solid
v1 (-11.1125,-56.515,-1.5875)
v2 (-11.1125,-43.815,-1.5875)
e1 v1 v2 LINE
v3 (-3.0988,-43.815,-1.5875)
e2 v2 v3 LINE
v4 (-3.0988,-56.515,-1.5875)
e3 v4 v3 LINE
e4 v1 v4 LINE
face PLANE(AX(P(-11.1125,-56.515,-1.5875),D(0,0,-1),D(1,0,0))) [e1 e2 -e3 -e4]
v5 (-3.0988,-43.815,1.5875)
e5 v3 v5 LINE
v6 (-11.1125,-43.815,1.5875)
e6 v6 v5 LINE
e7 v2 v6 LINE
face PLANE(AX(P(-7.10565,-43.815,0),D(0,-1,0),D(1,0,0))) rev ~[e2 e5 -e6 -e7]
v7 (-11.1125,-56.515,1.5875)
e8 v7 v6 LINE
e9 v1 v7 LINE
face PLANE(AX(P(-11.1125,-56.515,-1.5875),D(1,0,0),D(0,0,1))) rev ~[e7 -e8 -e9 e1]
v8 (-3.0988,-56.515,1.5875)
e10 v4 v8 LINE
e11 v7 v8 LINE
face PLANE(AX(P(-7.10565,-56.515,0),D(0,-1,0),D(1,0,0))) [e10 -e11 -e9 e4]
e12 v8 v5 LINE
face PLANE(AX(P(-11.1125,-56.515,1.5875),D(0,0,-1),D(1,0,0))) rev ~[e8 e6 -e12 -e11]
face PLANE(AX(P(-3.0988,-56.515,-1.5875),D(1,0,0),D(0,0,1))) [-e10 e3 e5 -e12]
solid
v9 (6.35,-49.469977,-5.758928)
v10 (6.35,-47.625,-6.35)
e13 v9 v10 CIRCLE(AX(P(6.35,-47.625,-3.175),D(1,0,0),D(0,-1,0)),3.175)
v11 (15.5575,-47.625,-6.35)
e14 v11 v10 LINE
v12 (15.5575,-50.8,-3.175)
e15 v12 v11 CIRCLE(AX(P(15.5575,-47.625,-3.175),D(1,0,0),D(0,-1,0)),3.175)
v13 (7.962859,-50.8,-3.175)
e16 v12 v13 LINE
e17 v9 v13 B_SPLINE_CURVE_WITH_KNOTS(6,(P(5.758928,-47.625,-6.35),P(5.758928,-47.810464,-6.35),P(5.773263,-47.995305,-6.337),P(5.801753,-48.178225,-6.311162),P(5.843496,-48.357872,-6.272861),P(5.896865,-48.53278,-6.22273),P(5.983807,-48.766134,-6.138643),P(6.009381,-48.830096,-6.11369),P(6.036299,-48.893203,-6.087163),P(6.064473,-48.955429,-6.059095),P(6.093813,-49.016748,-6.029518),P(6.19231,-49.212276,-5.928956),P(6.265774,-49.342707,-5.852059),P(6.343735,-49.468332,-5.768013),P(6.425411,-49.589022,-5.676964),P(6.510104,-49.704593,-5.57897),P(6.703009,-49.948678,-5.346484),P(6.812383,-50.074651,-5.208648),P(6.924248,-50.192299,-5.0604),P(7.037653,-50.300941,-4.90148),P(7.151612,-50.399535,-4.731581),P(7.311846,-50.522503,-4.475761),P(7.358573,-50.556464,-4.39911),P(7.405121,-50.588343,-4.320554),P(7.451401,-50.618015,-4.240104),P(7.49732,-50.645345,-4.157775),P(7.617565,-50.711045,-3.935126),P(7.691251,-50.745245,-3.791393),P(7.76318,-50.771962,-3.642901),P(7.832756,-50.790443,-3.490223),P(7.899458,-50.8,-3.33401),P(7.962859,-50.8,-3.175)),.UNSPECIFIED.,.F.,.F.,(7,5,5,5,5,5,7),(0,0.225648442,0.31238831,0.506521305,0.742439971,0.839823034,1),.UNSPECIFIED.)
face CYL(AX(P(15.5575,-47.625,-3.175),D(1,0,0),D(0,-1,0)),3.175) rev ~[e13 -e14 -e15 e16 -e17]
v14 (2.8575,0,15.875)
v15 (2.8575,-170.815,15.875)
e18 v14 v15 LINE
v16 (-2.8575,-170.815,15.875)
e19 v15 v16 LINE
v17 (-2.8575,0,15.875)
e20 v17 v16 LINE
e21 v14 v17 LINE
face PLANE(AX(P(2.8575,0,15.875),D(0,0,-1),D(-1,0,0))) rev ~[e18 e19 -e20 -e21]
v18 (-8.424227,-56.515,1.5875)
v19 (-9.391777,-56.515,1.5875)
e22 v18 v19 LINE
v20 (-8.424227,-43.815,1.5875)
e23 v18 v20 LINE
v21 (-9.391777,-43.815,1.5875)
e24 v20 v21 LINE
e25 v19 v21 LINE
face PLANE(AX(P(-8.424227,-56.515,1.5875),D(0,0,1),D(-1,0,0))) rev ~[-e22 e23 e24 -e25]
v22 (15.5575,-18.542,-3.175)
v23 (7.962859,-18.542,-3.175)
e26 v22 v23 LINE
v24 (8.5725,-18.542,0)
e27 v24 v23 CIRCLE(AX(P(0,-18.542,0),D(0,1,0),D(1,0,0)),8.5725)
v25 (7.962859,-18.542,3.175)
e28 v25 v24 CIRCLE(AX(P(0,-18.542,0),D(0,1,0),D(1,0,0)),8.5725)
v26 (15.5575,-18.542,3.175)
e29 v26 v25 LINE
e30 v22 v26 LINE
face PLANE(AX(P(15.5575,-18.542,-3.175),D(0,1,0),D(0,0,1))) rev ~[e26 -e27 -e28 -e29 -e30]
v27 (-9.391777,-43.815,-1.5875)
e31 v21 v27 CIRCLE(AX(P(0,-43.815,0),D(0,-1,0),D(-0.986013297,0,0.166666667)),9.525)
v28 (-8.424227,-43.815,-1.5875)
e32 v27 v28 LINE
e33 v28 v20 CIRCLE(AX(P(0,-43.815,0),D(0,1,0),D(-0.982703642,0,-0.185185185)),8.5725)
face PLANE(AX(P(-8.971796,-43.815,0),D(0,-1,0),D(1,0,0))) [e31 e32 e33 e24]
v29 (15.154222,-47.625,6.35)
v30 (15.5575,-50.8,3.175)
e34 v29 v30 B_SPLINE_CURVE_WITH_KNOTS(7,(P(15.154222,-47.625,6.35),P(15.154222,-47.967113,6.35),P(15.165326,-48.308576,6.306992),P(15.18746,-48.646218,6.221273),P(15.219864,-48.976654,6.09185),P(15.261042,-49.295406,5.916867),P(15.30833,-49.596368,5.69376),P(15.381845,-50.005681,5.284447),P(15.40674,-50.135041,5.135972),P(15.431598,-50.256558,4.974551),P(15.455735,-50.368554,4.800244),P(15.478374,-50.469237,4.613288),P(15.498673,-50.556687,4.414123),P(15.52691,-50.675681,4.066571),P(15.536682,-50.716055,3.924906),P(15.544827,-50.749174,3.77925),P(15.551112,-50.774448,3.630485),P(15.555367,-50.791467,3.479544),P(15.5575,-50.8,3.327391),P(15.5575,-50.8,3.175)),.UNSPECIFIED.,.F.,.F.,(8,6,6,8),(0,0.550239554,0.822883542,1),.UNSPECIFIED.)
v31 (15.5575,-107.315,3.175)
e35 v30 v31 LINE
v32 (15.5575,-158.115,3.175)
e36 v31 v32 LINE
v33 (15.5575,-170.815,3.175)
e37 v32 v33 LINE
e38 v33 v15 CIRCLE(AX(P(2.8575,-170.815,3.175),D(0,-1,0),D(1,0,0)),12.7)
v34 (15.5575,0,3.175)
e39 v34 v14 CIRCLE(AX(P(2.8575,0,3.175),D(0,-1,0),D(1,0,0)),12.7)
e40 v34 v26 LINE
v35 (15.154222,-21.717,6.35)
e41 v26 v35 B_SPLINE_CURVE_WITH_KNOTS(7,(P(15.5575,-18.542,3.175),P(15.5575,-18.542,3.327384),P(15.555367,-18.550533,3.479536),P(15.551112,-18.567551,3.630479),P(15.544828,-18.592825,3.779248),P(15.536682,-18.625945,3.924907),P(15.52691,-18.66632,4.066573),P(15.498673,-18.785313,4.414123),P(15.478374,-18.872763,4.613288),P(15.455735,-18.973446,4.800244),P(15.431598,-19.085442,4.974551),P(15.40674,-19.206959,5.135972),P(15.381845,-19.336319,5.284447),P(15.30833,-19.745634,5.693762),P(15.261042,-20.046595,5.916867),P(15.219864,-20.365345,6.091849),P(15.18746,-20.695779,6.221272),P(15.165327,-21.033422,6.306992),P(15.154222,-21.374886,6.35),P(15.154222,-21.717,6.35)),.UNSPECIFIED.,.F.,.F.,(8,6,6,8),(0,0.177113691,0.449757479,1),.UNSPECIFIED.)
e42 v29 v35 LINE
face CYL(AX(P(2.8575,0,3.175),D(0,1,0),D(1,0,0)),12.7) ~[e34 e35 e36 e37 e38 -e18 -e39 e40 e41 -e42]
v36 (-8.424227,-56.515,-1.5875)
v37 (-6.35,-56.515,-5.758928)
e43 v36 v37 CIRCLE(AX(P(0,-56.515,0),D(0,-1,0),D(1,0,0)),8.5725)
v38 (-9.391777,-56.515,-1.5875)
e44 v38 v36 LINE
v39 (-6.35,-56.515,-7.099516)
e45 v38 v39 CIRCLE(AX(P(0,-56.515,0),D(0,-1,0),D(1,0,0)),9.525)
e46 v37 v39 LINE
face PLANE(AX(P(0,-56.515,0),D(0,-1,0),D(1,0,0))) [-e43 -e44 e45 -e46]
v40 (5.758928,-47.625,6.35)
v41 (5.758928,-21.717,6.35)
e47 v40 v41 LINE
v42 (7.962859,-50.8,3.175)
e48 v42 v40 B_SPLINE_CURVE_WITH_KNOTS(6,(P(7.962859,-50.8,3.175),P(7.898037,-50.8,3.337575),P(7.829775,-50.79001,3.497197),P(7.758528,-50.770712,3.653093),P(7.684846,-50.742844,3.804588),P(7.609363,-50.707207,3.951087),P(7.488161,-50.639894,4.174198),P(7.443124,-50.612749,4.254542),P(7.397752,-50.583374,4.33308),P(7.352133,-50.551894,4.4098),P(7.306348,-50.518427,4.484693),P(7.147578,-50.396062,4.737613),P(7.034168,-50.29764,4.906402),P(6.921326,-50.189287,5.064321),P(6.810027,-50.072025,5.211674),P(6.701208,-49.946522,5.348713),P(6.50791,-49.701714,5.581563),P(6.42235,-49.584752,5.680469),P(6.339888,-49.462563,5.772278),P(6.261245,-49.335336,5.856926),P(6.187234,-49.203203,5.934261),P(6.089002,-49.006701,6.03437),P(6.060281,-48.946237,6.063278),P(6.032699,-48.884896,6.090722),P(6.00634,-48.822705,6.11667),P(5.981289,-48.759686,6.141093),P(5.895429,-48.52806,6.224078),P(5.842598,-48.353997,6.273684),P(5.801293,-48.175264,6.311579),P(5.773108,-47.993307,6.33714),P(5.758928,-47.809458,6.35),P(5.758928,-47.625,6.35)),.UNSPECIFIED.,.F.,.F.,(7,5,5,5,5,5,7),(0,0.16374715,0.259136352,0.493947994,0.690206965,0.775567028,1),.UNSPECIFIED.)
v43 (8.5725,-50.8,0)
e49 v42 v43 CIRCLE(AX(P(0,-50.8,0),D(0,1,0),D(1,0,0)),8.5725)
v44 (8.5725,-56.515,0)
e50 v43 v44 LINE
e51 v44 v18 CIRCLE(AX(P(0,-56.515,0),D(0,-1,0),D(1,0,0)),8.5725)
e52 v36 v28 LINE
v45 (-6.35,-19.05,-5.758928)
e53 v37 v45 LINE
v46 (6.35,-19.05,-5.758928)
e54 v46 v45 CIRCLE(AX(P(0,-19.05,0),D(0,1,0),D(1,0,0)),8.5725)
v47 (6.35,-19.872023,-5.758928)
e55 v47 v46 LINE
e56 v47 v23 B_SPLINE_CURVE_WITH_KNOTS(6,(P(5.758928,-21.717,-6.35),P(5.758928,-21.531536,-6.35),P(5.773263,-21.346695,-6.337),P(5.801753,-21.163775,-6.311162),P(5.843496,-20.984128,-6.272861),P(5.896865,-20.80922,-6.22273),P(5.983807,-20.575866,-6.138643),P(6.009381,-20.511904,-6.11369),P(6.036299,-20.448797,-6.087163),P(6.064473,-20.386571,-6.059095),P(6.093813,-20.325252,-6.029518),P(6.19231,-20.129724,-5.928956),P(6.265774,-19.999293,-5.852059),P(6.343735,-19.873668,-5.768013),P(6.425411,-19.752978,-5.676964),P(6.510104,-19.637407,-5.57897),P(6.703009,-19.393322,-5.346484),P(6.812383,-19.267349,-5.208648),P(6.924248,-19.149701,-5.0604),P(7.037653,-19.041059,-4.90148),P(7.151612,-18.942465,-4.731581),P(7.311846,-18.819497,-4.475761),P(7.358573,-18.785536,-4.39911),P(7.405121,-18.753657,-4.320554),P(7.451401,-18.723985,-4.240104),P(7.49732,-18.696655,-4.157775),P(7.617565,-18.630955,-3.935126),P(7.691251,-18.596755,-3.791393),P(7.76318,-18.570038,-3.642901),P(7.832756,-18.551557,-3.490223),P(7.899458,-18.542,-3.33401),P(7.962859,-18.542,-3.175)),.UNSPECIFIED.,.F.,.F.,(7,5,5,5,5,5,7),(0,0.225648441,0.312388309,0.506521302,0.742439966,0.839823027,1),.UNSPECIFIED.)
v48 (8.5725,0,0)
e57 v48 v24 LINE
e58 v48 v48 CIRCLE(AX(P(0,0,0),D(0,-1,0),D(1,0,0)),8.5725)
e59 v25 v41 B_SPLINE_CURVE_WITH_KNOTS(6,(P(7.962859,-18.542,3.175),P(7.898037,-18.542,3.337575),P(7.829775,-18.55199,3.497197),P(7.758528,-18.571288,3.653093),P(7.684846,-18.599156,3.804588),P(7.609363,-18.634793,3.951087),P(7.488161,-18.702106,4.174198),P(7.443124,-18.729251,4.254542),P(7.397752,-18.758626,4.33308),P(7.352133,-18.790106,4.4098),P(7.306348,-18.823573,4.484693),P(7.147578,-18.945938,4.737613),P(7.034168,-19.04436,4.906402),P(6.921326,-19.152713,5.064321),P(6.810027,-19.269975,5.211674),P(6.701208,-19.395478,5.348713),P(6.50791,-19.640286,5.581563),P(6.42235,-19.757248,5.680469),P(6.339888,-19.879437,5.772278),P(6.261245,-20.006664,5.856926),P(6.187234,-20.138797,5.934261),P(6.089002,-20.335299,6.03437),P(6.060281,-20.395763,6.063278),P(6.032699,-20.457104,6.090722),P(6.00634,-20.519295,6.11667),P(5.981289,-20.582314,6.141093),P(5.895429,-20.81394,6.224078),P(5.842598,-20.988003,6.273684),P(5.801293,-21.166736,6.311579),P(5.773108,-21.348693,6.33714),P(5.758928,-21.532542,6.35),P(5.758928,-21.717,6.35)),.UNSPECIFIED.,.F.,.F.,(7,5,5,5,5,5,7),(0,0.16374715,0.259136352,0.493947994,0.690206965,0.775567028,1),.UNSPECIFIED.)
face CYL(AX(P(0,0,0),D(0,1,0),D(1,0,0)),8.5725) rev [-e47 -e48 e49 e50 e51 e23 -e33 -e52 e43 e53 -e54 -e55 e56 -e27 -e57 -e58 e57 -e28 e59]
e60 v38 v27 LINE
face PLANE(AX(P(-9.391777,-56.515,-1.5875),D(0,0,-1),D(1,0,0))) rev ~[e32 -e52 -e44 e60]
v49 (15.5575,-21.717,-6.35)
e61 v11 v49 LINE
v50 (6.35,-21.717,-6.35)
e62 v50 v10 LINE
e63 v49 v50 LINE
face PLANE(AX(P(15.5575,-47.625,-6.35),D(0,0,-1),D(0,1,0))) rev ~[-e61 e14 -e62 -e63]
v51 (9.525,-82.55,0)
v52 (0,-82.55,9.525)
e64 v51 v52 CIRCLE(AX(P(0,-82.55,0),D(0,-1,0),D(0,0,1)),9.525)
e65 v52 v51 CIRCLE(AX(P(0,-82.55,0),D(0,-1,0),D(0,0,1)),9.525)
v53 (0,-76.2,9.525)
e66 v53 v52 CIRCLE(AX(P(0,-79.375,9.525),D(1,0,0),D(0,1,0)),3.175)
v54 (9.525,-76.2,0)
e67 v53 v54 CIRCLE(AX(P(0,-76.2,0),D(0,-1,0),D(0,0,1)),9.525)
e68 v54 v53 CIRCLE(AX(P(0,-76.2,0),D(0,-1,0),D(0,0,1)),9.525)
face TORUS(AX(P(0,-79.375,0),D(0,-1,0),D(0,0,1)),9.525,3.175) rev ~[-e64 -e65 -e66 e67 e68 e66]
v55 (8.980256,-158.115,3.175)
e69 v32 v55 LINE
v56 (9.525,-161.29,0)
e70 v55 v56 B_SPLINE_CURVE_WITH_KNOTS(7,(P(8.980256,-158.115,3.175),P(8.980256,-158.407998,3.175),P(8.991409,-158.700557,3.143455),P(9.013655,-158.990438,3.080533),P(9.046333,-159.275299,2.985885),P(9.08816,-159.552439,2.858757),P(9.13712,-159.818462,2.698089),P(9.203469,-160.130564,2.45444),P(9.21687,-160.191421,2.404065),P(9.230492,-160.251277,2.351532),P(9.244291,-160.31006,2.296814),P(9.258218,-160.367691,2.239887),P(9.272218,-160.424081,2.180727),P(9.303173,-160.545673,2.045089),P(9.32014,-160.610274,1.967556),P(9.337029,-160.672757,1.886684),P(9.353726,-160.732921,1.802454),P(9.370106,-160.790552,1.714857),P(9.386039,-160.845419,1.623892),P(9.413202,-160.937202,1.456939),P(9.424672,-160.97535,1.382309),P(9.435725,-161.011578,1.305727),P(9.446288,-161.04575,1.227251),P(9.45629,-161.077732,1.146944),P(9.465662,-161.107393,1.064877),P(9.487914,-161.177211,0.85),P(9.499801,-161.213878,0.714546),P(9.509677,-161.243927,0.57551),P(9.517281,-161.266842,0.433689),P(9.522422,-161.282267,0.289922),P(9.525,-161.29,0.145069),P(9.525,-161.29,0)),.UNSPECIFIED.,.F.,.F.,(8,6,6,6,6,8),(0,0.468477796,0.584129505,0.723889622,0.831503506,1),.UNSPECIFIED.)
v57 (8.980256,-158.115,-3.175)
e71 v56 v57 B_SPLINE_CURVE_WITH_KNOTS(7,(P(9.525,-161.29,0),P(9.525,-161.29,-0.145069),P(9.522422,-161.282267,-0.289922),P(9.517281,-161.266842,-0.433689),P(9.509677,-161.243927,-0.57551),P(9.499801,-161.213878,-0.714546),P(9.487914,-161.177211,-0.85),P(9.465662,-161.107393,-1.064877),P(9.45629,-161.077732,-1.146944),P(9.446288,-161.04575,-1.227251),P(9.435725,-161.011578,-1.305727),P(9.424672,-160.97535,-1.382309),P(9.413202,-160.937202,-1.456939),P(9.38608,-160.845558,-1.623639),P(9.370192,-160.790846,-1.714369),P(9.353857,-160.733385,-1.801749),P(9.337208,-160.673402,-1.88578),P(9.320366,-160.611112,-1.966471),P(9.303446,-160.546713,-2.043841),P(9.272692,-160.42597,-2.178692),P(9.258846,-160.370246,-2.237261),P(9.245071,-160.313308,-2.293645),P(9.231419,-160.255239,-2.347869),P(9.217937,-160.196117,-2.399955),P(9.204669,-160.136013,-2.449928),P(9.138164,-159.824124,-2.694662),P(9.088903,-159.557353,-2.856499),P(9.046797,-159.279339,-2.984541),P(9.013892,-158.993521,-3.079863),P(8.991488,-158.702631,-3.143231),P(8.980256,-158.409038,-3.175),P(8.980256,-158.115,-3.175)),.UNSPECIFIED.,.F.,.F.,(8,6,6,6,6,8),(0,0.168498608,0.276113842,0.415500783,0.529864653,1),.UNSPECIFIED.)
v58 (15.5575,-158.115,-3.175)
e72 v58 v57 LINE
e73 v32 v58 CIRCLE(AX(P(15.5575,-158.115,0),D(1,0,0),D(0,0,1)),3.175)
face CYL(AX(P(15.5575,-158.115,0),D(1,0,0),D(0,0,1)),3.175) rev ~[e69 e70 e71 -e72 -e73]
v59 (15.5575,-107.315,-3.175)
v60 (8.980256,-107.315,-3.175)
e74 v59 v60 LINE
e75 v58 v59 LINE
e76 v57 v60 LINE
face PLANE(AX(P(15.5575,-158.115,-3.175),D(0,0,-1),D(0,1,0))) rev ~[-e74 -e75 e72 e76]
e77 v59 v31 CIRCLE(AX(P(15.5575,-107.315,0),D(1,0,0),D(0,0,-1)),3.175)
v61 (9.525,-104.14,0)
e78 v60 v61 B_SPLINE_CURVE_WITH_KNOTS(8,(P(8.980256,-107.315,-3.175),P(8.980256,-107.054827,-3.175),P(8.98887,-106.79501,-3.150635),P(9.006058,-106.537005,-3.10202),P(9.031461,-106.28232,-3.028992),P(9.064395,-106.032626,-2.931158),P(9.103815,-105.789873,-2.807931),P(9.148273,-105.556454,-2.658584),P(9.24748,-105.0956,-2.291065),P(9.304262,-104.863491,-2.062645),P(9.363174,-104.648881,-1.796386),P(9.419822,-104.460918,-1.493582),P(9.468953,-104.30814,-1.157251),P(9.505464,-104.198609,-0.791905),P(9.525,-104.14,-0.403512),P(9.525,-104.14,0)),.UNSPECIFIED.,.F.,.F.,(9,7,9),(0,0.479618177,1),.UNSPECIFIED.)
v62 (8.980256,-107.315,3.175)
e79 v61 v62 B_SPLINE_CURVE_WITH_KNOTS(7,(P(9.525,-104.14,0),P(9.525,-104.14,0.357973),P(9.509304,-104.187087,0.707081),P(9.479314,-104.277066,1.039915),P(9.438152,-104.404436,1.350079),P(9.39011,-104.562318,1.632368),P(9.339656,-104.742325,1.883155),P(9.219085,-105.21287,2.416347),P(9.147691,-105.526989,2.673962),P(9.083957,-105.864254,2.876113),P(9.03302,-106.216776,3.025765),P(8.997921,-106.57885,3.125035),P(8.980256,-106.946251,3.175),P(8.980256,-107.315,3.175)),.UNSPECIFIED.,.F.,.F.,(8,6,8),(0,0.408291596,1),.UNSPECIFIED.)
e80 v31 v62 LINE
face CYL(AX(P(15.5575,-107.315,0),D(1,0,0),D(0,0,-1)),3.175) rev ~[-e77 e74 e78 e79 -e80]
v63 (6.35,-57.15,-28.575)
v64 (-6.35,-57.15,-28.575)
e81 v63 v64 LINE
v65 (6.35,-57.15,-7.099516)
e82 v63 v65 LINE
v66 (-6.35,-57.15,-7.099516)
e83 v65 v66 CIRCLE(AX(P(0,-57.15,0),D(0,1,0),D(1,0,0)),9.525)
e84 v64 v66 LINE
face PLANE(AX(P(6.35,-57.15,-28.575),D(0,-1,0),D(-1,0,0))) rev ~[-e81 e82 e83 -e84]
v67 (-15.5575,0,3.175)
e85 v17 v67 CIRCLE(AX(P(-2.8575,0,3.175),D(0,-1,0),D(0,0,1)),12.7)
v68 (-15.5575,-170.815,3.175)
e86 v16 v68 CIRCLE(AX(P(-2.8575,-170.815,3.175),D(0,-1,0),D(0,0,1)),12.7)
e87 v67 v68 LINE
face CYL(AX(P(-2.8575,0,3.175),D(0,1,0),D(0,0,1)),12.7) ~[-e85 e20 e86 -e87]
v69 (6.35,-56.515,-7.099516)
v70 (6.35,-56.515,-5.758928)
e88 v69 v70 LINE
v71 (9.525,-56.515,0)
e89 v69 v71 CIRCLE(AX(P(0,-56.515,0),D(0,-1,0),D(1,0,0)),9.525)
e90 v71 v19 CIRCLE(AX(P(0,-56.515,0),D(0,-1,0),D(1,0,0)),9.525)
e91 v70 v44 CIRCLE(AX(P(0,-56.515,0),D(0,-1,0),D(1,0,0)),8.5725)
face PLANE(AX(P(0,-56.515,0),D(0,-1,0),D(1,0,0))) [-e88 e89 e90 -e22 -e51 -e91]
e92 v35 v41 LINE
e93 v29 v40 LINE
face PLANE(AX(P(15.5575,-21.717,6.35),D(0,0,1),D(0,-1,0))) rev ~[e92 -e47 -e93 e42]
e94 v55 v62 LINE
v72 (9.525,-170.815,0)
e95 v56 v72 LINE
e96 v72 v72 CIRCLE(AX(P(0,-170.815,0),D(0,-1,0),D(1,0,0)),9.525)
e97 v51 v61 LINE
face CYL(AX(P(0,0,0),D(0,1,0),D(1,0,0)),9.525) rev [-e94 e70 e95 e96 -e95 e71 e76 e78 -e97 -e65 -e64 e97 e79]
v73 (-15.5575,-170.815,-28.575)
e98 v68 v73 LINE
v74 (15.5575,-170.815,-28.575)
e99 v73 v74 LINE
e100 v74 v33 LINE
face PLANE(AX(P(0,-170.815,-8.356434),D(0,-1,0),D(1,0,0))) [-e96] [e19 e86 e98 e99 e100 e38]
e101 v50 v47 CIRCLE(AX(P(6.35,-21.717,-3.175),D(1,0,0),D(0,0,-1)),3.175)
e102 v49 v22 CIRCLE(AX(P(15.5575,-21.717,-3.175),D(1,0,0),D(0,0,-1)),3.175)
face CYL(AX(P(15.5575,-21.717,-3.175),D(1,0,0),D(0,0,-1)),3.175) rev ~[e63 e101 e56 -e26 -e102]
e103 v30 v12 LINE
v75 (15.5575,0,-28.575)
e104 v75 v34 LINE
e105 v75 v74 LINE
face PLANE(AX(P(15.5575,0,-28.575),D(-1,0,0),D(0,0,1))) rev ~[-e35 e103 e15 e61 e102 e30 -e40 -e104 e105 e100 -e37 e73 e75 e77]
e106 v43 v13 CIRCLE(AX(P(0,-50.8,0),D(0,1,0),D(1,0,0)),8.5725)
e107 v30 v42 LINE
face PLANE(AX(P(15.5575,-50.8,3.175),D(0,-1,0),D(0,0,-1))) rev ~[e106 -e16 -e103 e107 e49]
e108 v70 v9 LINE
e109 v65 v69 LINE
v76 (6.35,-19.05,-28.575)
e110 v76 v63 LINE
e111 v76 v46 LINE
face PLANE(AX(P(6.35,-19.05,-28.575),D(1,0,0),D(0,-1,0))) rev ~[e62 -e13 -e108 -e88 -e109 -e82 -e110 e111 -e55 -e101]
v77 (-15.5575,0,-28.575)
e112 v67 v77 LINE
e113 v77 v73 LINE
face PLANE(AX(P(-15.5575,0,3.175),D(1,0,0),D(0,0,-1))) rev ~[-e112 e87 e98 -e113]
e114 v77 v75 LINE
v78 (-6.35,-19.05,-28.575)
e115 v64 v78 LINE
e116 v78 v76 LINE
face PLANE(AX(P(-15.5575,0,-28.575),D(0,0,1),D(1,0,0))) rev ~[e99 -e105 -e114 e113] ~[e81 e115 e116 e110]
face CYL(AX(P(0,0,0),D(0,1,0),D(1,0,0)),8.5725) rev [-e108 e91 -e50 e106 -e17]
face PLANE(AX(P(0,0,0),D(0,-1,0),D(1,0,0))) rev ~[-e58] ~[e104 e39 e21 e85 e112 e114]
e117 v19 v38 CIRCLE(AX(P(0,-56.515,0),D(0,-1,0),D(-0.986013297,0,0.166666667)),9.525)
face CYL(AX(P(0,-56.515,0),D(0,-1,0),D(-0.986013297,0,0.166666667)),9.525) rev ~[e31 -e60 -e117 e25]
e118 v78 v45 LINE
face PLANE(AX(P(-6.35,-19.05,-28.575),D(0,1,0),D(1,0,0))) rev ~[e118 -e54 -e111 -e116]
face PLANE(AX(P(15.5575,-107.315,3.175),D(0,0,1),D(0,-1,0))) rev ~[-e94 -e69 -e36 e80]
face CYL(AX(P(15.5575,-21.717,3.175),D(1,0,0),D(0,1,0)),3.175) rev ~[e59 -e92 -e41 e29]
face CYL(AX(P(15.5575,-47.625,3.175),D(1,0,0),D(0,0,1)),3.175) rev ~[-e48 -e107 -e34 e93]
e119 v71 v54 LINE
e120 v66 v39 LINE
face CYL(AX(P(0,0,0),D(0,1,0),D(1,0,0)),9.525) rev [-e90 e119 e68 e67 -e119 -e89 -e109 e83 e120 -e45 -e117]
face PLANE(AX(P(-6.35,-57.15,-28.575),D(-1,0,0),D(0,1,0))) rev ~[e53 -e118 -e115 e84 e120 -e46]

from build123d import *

# Parameters (mm, degrees)
F0_R      = 9.525
F1_DEPTH  = 170.815
F0_R_2    = 8.5725
F2_DEPTH  = 56.515
F4_DEPTH  = 19.05
F6_DEPTH  = 12.7
F5_W      = 8.0137
F5_H      = 3.175
F7_DEPTH  = 12.7
F11_DEPTH = 12.7
F13_DEPTH = 29.21


with BuildPart() as f1:
    # F0 (on Front) → F1 (new body)
    with BuildSketch(Plane.XZ):
        with BuildLine():
            Line((2.8575, 15.875), (-2.8575, 15.875))
            ThreePointArc((-2.8575, 15.875), (-11.8377561211, 12.1552561211), (-15.5575, 3.175))
            Line((-15.5575, 3.175), (-15.5575, -28.575))
            Line((-15.5575, -28.575), (15.5575, -28.575))
            Line((15.5575, -28.575), (15.5575, 3.175))
            ThreePointArc((15.5575, 3.175), (11.8377561211, 12.1552561211), (2.8575, 15.875))
        make_face()
        Circle(F0_R, mode=Mode.SUBTRACT)
    extrude(amount=F1_DEPTH)

    # F0 (on Front) → F2 (join)
    with BuildSketch(Plane.XZ):
        Circle(F0_R)
        Circle(F0_R_2, mode=Mode.SUBTRACT)
    extrude(amount=F2_DEPTH)

    # F3 (on face) → F4 (cut)
    with BuildSketch(Plane.YZ.offset(15.5575)):
        with BuildLine():
            Line((-21.717, 6.35), (-47.625, 6.35))
            ThreePointArc((-47.625, 6.35), (-49.8700640303, 5.4200640303), (-50.8, 3.175))
            Line((-50.8, 3.175), (-18.542, 3.175))
            ThreePointArc((-18.542, 3.175), (-19.4719359697, 5.4200640303), (-21.717, 6.35))
        make_face()
        with BuildLine():
            Line((-18.542, 3.175), (-50.8, 3.175))
            Line((-50.8, 3.175), (-50.8, -3.175))
            ThreePointArc((-50.8, -3.175), (-49.8700640303, -5.4200640303), (-47.625, -6.35))
            Line((-47.625, -6.35), (-21.717, -6.35))
            ThreePointArc((-21.717, -6.35), (-19.4719359697, -5.4200640303), (-18.542, -3.175))
            Line((-18.542, -3.175), (-18.542, 3.175))
        make_face()
    extrude(amount=-F4_DEPTH, mode=Mode.SUBTRACT)

    # F5 (on face) → F6 (cut)
    with BuildSketch(Plane.XZ.offset(56.515)):
        with BuildLine():
            ThreePointArc((-8.4242269675, -1.5875), (-8.5725, 0), (-8.4242269675, 1.5875))
            Line((-8.4242269675, 1.5875), (-9.3917766557, 1.5875))
            ThreePointArc((-9.3917766557, 1.5875), (-9.525, 0), (-9.3917766557, -1.5875))
            Line((-9.3917766557, -1.5875), (-8.4242269675, -1.5875))
        make_face()
    extrude(amount=-F6_DEPTH, mode=Mode.SUBTRACT)

    # F8 (on Right) → F9 (revolve, cut)
    with BuildSketch(Plane.YZ):
        with BuildLine():
            Line((-76.2, 0), (-76.2, 9.525))
            ThreePointArc((-76.2, 9.525), (-79.375, 12.7), (-82.55, 9.525))
            Line((-82.55, 9.525), (-82.55, 0))
            Line((-82.55, 0), (-76.2, 0))
        make_face()
    revolve(axis=Axis((0, -79.375, 0), (0, -1, 0)), mode=Mode.SUBTRACT)

    # F10 (on face) → F11 (cut)
    with BuildSketch(Plane.YZ.offset(15.5575)):
        with BuildLine():
            ThreePointArc((-107.315, -3.175), (-104.14, 0), (-107.315, 3.175))
            Line((-107.315, 3.175), (-158.115, 3.175))
            ThreePointArc((-158.115, 3.175), (-161.29, 0), (-158.115, -3.175))
            Line((-158.115, -3.175), (-107.315, -3.175))
        make_face()
    extrude(amount=-F11_DEPTH, mode=Mode.SUBTRACT)

    # F12 (on face) → F13 (cut)
    with BuildSketch(Plane(origin=(0, 0, -28.575), x_dir=(1, 0, 0), z_dir=(0, 0, -1))):
        Polygon((-6.35, 19.05), (0, 19.05), (6.35, 19.05), (6.35, 57.15), (0, 57.15), (-6.35, 57.15), align=None)
    extrude(amount=-F13_DEPTH, mode=Mode.SUBTRACT)


with BuildPart() as f7:
    # F5 (on face) → F7 (new body)
    with BuildSketch(Plane.XZ.offset(56.515)):
        with Locations((-7.10565, 0)):
            Rectangle(F5_W, F5_H)
    extrude(amount=-F7_DEPTH)


solid = Compound([f1.part, f7.part])
